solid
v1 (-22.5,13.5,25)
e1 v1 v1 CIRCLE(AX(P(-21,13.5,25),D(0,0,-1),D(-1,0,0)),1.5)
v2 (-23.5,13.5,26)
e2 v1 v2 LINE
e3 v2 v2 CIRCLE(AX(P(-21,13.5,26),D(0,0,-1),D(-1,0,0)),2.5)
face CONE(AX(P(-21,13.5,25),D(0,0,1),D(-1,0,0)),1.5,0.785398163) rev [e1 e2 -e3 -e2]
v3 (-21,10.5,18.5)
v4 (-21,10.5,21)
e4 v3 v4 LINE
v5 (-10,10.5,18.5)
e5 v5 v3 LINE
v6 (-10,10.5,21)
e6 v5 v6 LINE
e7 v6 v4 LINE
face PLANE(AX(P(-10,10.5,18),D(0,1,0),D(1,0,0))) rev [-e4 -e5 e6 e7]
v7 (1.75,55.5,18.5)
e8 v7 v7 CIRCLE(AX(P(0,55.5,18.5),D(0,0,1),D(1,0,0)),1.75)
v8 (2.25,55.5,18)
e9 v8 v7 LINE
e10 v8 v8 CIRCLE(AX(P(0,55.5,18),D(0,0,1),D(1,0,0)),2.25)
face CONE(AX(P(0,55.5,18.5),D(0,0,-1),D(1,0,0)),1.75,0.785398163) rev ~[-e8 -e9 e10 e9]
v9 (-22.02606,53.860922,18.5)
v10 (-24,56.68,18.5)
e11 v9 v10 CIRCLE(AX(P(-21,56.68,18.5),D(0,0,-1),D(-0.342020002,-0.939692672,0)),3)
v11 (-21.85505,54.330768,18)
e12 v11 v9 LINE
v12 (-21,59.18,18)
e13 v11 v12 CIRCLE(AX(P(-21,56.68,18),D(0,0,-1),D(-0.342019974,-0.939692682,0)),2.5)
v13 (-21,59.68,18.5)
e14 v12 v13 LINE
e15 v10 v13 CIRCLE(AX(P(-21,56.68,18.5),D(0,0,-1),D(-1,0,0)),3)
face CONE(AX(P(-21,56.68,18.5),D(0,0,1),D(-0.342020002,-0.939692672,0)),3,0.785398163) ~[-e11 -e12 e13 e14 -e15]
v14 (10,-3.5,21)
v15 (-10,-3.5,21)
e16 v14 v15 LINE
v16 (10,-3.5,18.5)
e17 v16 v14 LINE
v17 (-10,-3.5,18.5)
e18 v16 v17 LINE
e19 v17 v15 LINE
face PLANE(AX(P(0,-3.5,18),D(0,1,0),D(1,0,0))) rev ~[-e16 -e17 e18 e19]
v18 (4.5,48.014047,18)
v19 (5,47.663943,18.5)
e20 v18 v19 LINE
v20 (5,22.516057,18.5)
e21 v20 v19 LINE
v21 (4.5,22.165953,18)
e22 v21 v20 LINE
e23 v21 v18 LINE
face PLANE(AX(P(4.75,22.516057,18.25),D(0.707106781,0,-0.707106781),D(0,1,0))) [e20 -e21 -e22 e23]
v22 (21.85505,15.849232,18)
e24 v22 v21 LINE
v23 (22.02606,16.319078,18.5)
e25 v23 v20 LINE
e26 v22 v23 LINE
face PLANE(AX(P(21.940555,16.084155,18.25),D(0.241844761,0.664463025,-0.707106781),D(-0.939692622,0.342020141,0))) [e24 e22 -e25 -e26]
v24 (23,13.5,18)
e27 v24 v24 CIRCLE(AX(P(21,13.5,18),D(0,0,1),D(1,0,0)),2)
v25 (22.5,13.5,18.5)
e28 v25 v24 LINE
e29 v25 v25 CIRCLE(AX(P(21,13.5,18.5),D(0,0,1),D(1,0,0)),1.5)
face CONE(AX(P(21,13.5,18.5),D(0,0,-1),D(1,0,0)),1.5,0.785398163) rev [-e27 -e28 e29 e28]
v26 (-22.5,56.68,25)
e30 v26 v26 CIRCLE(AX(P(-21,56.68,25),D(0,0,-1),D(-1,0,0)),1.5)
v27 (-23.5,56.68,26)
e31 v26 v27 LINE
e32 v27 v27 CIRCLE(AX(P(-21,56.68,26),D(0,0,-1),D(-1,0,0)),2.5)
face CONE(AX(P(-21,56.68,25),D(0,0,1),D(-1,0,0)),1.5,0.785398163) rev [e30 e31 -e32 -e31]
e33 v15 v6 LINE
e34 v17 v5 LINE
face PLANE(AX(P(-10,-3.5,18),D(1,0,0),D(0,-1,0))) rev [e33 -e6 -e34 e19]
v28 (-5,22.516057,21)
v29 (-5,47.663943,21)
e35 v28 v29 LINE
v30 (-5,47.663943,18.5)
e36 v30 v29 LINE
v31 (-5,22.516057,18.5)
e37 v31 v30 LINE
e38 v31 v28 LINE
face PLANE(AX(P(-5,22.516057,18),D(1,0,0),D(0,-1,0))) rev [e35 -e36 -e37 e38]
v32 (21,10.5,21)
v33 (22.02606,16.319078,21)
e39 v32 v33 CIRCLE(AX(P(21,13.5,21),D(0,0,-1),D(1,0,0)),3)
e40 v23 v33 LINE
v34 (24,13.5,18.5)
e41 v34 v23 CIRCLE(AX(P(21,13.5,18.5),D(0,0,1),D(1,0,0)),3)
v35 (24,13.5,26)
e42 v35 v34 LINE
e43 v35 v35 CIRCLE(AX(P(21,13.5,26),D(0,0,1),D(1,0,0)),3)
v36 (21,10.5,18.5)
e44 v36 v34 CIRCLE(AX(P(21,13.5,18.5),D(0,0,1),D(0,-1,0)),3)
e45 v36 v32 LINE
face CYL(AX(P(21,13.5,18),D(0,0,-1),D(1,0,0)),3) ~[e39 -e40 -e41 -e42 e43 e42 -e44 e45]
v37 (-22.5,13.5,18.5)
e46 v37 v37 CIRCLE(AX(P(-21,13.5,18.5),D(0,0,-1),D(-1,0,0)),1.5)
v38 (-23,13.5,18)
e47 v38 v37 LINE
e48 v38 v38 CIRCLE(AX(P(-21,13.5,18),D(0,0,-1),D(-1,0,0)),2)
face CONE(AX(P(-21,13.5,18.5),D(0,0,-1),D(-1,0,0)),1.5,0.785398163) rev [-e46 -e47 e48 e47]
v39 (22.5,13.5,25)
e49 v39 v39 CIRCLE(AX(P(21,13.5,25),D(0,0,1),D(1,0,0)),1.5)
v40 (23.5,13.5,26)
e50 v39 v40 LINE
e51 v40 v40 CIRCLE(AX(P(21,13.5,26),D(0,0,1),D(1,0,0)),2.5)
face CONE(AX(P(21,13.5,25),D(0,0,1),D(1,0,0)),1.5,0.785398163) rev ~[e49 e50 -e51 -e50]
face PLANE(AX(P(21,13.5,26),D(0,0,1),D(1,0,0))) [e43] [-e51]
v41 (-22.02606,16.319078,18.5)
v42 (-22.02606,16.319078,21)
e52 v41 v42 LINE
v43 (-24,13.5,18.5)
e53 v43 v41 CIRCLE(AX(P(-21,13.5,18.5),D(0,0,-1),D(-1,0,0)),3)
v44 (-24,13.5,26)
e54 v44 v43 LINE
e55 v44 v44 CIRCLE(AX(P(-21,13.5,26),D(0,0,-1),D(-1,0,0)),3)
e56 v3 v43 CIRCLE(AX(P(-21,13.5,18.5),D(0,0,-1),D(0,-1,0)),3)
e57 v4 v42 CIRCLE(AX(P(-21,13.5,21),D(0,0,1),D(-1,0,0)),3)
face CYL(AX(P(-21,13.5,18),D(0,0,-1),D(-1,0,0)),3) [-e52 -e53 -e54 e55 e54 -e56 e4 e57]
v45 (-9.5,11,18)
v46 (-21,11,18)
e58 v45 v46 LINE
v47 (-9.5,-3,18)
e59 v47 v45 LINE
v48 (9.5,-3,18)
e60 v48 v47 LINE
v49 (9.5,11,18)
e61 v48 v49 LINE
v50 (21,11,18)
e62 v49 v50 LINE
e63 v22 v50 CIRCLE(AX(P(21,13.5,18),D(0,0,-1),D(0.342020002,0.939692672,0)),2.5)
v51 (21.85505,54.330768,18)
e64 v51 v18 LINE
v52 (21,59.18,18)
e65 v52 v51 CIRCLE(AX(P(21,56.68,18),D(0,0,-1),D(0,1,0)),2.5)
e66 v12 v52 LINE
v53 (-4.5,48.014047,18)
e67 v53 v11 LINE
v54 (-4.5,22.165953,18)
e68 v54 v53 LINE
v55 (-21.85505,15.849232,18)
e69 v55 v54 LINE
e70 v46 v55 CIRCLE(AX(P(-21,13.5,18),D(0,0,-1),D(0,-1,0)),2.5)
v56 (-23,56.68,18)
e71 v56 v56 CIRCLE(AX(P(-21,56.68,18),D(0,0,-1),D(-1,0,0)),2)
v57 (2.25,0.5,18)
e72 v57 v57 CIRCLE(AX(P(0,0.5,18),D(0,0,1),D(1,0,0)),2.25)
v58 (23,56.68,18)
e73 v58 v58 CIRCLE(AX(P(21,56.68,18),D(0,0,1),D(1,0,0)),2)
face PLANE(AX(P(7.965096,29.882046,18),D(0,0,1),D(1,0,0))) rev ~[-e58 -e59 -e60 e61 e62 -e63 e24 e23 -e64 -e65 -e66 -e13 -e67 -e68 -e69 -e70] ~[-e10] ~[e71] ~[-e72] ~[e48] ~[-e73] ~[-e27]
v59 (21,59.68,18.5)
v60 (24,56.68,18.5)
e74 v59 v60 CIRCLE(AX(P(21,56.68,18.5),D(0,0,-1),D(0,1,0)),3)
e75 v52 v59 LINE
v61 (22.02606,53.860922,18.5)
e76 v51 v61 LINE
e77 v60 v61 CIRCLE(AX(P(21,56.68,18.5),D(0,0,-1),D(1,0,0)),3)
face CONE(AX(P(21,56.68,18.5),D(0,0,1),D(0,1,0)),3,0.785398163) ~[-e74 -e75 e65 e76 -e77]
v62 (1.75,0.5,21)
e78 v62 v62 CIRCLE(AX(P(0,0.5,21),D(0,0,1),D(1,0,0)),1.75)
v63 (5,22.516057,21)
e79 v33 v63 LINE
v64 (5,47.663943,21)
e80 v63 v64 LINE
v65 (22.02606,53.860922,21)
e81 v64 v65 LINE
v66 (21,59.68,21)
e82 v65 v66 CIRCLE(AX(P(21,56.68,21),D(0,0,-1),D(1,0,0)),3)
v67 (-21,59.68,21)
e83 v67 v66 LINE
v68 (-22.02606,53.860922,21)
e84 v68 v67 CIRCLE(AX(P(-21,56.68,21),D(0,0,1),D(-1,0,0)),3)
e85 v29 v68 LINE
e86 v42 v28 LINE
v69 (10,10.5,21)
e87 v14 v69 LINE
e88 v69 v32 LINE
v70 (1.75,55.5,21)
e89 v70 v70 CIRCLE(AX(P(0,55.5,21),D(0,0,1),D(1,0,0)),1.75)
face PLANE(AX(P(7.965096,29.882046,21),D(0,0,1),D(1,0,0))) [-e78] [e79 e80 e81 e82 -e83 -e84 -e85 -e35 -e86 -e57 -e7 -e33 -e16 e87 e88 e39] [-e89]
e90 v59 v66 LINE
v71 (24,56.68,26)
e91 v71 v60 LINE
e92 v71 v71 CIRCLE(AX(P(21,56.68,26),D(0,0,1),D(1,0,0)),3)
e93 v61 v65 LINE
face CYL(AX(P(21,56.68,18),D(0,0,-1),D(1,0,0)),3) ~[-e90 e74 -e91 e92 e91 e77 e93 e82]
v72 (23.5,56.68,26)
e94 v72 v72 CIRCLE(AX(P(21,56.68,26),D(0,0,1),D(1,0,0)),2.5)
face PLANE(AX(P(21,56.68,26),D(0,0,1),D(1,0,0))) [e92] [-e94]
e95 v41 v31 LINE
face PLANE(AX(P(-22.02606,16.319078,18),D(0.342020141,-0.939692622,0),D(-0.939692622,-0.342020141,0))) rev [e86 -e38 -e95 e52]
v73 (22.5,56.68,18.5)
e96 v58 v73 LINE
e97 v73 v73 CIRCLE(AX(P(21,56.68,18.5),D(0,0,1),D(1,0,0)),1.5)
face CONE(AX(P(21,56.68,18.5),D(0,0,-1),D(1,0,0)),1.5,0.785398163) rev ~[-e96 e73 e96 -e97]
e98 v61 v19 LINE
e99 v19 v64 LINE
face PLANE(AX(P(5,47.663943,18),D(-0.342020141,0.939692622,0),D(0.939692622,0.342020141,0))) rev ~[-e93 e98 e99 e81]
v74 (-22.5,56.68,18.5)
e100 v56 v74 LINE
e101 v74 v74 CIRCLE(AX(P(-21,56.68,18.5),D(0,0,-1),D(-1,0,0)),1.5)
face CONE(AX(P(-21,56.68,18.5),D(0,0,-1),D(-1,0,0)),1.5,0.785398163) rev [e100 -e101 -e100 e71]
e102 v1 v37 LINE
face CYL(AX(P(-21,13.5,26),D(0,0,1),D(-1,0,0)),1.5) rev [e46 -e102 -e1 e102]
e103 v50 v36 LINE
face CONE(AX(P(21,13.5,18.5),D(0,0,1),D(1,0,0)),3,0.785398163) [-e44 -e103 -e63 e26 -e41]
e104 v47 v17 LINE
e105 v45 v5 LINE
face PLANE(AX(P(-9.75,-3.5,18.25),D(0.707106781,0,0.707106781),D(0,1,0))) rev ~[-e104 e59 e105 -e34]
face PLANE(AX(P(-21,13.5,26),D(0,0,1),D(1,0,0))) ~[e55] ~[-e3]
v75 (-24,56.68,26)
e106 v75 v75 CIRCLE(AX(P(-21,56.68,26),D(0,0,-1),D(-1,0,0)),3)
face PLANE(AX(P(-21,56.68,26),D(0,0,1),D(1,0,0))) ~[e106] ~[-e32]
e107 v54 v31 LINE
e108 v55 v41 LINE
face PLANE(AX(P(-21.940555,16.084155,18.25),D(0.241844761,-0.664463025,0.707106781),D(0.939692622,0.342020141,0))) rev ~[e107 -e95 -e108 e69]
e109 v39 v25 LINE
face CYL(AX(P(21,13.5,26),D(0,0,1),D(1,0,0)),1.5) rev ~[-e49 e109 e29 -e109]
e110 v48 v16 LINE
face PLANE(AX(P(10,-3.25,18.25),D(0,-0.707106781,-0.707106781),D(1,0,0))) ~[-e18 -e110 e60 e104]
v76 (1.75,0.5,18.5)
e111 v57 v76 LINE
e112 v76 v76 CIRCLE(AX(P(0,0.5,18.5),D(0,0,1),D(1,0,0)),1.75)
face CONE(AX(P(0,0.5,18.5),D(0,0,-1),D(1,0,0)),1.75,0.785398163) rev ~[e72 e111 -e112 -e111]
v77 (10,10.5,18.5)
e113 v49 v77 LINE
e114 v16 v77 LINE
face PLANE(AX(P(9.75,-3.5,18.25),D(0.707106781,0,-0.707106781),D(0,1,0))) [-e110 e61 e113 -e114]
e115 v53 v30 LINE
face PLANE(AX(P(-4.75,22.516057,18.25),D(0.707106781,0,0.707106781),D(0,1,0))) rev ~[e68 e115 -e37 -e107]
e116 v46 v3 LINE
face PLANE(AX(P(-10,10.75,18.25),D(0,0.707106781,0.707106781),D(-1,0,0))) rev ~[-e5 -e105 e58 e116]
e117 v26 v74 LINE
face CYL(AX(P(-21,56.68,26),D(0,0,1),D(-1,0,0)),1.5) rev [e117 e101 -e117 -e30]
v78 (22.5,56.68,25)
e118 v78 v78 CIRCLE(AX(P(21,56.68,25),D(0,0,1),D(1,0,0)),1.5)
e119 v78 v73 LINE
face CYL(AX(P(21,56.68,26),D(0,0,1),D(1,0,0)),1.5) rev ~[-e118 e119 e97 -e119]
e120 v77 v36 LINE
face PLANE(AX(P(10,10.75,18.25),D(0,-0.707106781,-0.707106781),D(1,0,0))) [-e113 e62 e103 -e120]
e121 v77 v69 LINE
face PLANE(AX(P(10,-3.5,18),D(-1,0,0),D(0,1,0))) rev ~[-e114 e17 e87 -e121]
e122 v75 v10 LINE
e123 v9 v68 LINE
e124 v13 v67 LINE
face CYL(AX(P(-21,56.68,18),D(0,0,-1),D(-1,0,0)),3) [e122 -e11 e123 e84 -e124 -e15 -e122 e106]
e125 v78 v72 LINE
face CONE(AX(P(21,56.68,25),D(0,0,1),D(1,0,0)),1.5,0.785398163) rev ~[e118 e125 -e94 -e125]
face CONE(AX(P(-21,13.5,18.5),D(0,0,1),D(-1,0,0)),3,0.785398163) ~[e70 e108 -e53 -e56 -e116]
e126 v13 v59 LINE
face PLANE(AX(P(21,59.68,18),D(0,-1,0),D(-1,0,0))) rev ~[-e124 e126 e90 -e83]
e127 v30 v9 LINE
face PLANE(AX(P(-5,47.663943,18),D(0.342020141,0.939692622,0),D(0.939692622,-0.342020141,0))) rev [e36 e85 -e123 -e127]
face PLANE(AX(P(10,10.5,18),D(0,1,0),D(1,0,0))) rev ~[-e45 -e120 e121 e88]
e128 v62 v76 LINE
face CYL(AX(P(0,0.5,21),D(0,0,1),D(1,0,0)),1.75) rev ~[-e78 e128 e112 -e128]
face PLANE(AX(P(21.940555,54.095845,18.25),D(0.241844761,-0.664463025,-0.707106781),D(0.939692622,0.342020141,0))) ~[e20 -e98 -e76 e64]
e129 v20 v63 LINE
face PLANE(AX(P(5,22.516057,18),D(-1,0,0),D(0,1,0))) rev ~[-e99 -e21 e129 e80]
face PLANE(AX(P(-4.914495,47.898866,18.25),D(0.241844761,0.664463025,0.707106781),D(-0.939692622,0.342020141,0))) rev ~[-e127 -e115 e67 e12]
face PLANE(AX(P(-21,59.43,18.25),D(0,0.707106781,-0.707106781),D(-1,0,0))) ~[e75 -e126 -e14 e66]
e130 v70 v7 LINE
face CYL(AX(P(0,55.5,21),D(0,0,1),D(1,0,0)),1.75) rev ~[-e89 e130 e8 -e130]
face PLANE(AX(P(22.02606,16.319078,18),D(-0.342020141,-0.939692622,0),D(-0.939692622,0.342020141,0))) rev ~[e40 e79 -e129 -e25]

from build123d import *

# Parameters (mm, degrees)
CYLINDER005_R     = 3
CYLINDER005_DEPTH = 8
PAD011_DEPTH      = 3
CYLINDER006_R     = 3
CYLINDER006_DEPTH = 8
SKETCH039_R       = 1.5
POCKET027_DEPTH   = 10
CHAMFER026_SIZE   = 1
SKETCH038_R       = 1.75
POCKET026_DEPTH   = 5
CHAMFER025_SIZE   = 0.5


with BuildPart() as keypadbracketscrewcylinder002:
    # Cylinder005 → Cylinder005 (new body)
    with BuildSketch(Plane(origin=(21, 13.5, 18), x_dir=(1, 0, 0), z_dir=(0, 0, 1))):
        Circle(CYLINDER005_R)
    extrude(amount=CYLINDER005_DEPTH)


with BuildPart() as keypadbracketpad008:
    # Sketch037 → Pad011 (new body)
    with BuildSketch(Plane.XY.offset(18)):
        with BuildLine():
            Line((0, -3.5), (10, -3.5))
            Line((10, -3.5), (10, 10.5))
            Line((10, 10.5), (21, 10.5))
            ThreePointArc((21, 10.5), (23.954423, 12.979055), (22.02606, 16.319078))
            Line((22.02606, 16.319078), (5, 22.516057))
            Line((5, 22.516057), (5, 47.663943))
            Line((5, 47.663943), (22.02606, 53.860922))
            ThreePointArc((22.02606, 53.860922), (23.954423, 57.200945), (21, 59.68))
            Line((21, 59.68), (0, 59.68))
            Line((0, 59.68), (0, -3.5))
        make_face()
    extrude(amount=PAD011_DEPTH)


with BuildPart() as keypadbracketscrewholeschamfer019:
    # Cylinder006 → Cylinder006 (new body)
    with BuildSketch(Plane(origin=(21, 56.68, 18), x_dir=(1, 0, 0), z_dir=(0, 0, 1))):
        Circle(CYLINDER006_R)
    extrude(amount=CYLINDER006_DEPTH)

    # Fusion005: union KeypadBracketScrewCylinder002, KeypadBracketPad008
    add(keypadbracketscrewcylinder002.part)
    add(keypadbracketpad008.part)

    # Sketch039 → Pocket027 (cut)
    with BuildSketch(Plane.XY.offset(26)):
        with Locations((21, 13.5)):
            Circle(SKETCH039_R)
        with Locations((21, 56.68)):
            Circle(SKETCH039_R)
    extrude(amount=-POCKET027_DEPTH, mode=Mode.SUBTRACT)

    # Chamfer026
    chamfer026_edges = [keypadbracketscrewholeschamfer019.edges().sort_by_distance(p)[0] for p in [
        (19.5, 56.68, 26),
        (19.5, 13.5, 26),
    ]]
    chamfer(chamfer026_edges, length=CHAMFER026_SIZE)


with BuildPart() as keypadbracketprintingchamfer019_final001:
    # Part__Mirroring005: instance of KeypadBracketScrewHolesChamfer019
    add(keypadbracketscrewholeschamfer019.part.mirror(Plane(origin=(0, 0, 0), x_dir=(0, -1, 0), z_dir=(1, 0, 0))))

    # Fusion006: union KeypadBracketScrewHolesChamfer019
    add(keypadbracketscrewholeschamfer019.part)

    # Sketch038 → Pocket026 (cut)
    with BuildSketch(Plane.XY.offset(21)):
        with Locations((0, 0.5)):
            Circle(SKETCH038_R)
        with Locations((0, 55.5)):
            Circle(SKETCH038_R)
    extrude(amount=-POCKET026_DEPTH, mode=Mode.SUBTRACT)

    # Chamfer025
    chamfer025_edges = [keypadbracketprintingchamfer019_final001.edges().sort_by_distance(p)[0] for p in [
        (-21, 15, 18),
        (-21, 12, 18),
        (0, 57.25, 18),
        (0, 53.75, 18),
        (0, 2.25, 18),
        (0, -1.25, 18),
        (-23.12132, 58.80132, 18),
        (-23.457456, 54.959271, 18),
        (0, 59.68, 18),
        (-13.51303, 50.762433, 18),
        (23.12132, 58.80132, 18),
        (-5, 35.09, 18),
        (23.457456, 54.959271, 18),
        (-13.51303, 19.417567, 18),
        (13.51303, 50.762433, 18),
        (-23.457456, 15.220729, 18),
        (5, 35.09, 18),
        (-23.12132, 11.37868, 18),
        (13.51303, 19.417567, 18),
        (-15.5, 10.5, 18),
        (23.457456, 15.220729, 18),
        (-10, 3.5, 18),
        (23.12132, 11.37868, 18),
        (0, -3.5, 18),
        (15.5, 10.5, 18),
        (10, 3.5, 18),
        (-21, 58.18, 18),
        (-21, 55.18, 18),
        (21, 58.18, 18),
        (21, 55.18, 18),
        (21, 15, 18),
        (21, 12, 18),
    ]]
    chamfer(chamfer025_edges, length=CHAMFER025_SIZE)


solid = keypadbracketprintingchamfer019_final001.part
